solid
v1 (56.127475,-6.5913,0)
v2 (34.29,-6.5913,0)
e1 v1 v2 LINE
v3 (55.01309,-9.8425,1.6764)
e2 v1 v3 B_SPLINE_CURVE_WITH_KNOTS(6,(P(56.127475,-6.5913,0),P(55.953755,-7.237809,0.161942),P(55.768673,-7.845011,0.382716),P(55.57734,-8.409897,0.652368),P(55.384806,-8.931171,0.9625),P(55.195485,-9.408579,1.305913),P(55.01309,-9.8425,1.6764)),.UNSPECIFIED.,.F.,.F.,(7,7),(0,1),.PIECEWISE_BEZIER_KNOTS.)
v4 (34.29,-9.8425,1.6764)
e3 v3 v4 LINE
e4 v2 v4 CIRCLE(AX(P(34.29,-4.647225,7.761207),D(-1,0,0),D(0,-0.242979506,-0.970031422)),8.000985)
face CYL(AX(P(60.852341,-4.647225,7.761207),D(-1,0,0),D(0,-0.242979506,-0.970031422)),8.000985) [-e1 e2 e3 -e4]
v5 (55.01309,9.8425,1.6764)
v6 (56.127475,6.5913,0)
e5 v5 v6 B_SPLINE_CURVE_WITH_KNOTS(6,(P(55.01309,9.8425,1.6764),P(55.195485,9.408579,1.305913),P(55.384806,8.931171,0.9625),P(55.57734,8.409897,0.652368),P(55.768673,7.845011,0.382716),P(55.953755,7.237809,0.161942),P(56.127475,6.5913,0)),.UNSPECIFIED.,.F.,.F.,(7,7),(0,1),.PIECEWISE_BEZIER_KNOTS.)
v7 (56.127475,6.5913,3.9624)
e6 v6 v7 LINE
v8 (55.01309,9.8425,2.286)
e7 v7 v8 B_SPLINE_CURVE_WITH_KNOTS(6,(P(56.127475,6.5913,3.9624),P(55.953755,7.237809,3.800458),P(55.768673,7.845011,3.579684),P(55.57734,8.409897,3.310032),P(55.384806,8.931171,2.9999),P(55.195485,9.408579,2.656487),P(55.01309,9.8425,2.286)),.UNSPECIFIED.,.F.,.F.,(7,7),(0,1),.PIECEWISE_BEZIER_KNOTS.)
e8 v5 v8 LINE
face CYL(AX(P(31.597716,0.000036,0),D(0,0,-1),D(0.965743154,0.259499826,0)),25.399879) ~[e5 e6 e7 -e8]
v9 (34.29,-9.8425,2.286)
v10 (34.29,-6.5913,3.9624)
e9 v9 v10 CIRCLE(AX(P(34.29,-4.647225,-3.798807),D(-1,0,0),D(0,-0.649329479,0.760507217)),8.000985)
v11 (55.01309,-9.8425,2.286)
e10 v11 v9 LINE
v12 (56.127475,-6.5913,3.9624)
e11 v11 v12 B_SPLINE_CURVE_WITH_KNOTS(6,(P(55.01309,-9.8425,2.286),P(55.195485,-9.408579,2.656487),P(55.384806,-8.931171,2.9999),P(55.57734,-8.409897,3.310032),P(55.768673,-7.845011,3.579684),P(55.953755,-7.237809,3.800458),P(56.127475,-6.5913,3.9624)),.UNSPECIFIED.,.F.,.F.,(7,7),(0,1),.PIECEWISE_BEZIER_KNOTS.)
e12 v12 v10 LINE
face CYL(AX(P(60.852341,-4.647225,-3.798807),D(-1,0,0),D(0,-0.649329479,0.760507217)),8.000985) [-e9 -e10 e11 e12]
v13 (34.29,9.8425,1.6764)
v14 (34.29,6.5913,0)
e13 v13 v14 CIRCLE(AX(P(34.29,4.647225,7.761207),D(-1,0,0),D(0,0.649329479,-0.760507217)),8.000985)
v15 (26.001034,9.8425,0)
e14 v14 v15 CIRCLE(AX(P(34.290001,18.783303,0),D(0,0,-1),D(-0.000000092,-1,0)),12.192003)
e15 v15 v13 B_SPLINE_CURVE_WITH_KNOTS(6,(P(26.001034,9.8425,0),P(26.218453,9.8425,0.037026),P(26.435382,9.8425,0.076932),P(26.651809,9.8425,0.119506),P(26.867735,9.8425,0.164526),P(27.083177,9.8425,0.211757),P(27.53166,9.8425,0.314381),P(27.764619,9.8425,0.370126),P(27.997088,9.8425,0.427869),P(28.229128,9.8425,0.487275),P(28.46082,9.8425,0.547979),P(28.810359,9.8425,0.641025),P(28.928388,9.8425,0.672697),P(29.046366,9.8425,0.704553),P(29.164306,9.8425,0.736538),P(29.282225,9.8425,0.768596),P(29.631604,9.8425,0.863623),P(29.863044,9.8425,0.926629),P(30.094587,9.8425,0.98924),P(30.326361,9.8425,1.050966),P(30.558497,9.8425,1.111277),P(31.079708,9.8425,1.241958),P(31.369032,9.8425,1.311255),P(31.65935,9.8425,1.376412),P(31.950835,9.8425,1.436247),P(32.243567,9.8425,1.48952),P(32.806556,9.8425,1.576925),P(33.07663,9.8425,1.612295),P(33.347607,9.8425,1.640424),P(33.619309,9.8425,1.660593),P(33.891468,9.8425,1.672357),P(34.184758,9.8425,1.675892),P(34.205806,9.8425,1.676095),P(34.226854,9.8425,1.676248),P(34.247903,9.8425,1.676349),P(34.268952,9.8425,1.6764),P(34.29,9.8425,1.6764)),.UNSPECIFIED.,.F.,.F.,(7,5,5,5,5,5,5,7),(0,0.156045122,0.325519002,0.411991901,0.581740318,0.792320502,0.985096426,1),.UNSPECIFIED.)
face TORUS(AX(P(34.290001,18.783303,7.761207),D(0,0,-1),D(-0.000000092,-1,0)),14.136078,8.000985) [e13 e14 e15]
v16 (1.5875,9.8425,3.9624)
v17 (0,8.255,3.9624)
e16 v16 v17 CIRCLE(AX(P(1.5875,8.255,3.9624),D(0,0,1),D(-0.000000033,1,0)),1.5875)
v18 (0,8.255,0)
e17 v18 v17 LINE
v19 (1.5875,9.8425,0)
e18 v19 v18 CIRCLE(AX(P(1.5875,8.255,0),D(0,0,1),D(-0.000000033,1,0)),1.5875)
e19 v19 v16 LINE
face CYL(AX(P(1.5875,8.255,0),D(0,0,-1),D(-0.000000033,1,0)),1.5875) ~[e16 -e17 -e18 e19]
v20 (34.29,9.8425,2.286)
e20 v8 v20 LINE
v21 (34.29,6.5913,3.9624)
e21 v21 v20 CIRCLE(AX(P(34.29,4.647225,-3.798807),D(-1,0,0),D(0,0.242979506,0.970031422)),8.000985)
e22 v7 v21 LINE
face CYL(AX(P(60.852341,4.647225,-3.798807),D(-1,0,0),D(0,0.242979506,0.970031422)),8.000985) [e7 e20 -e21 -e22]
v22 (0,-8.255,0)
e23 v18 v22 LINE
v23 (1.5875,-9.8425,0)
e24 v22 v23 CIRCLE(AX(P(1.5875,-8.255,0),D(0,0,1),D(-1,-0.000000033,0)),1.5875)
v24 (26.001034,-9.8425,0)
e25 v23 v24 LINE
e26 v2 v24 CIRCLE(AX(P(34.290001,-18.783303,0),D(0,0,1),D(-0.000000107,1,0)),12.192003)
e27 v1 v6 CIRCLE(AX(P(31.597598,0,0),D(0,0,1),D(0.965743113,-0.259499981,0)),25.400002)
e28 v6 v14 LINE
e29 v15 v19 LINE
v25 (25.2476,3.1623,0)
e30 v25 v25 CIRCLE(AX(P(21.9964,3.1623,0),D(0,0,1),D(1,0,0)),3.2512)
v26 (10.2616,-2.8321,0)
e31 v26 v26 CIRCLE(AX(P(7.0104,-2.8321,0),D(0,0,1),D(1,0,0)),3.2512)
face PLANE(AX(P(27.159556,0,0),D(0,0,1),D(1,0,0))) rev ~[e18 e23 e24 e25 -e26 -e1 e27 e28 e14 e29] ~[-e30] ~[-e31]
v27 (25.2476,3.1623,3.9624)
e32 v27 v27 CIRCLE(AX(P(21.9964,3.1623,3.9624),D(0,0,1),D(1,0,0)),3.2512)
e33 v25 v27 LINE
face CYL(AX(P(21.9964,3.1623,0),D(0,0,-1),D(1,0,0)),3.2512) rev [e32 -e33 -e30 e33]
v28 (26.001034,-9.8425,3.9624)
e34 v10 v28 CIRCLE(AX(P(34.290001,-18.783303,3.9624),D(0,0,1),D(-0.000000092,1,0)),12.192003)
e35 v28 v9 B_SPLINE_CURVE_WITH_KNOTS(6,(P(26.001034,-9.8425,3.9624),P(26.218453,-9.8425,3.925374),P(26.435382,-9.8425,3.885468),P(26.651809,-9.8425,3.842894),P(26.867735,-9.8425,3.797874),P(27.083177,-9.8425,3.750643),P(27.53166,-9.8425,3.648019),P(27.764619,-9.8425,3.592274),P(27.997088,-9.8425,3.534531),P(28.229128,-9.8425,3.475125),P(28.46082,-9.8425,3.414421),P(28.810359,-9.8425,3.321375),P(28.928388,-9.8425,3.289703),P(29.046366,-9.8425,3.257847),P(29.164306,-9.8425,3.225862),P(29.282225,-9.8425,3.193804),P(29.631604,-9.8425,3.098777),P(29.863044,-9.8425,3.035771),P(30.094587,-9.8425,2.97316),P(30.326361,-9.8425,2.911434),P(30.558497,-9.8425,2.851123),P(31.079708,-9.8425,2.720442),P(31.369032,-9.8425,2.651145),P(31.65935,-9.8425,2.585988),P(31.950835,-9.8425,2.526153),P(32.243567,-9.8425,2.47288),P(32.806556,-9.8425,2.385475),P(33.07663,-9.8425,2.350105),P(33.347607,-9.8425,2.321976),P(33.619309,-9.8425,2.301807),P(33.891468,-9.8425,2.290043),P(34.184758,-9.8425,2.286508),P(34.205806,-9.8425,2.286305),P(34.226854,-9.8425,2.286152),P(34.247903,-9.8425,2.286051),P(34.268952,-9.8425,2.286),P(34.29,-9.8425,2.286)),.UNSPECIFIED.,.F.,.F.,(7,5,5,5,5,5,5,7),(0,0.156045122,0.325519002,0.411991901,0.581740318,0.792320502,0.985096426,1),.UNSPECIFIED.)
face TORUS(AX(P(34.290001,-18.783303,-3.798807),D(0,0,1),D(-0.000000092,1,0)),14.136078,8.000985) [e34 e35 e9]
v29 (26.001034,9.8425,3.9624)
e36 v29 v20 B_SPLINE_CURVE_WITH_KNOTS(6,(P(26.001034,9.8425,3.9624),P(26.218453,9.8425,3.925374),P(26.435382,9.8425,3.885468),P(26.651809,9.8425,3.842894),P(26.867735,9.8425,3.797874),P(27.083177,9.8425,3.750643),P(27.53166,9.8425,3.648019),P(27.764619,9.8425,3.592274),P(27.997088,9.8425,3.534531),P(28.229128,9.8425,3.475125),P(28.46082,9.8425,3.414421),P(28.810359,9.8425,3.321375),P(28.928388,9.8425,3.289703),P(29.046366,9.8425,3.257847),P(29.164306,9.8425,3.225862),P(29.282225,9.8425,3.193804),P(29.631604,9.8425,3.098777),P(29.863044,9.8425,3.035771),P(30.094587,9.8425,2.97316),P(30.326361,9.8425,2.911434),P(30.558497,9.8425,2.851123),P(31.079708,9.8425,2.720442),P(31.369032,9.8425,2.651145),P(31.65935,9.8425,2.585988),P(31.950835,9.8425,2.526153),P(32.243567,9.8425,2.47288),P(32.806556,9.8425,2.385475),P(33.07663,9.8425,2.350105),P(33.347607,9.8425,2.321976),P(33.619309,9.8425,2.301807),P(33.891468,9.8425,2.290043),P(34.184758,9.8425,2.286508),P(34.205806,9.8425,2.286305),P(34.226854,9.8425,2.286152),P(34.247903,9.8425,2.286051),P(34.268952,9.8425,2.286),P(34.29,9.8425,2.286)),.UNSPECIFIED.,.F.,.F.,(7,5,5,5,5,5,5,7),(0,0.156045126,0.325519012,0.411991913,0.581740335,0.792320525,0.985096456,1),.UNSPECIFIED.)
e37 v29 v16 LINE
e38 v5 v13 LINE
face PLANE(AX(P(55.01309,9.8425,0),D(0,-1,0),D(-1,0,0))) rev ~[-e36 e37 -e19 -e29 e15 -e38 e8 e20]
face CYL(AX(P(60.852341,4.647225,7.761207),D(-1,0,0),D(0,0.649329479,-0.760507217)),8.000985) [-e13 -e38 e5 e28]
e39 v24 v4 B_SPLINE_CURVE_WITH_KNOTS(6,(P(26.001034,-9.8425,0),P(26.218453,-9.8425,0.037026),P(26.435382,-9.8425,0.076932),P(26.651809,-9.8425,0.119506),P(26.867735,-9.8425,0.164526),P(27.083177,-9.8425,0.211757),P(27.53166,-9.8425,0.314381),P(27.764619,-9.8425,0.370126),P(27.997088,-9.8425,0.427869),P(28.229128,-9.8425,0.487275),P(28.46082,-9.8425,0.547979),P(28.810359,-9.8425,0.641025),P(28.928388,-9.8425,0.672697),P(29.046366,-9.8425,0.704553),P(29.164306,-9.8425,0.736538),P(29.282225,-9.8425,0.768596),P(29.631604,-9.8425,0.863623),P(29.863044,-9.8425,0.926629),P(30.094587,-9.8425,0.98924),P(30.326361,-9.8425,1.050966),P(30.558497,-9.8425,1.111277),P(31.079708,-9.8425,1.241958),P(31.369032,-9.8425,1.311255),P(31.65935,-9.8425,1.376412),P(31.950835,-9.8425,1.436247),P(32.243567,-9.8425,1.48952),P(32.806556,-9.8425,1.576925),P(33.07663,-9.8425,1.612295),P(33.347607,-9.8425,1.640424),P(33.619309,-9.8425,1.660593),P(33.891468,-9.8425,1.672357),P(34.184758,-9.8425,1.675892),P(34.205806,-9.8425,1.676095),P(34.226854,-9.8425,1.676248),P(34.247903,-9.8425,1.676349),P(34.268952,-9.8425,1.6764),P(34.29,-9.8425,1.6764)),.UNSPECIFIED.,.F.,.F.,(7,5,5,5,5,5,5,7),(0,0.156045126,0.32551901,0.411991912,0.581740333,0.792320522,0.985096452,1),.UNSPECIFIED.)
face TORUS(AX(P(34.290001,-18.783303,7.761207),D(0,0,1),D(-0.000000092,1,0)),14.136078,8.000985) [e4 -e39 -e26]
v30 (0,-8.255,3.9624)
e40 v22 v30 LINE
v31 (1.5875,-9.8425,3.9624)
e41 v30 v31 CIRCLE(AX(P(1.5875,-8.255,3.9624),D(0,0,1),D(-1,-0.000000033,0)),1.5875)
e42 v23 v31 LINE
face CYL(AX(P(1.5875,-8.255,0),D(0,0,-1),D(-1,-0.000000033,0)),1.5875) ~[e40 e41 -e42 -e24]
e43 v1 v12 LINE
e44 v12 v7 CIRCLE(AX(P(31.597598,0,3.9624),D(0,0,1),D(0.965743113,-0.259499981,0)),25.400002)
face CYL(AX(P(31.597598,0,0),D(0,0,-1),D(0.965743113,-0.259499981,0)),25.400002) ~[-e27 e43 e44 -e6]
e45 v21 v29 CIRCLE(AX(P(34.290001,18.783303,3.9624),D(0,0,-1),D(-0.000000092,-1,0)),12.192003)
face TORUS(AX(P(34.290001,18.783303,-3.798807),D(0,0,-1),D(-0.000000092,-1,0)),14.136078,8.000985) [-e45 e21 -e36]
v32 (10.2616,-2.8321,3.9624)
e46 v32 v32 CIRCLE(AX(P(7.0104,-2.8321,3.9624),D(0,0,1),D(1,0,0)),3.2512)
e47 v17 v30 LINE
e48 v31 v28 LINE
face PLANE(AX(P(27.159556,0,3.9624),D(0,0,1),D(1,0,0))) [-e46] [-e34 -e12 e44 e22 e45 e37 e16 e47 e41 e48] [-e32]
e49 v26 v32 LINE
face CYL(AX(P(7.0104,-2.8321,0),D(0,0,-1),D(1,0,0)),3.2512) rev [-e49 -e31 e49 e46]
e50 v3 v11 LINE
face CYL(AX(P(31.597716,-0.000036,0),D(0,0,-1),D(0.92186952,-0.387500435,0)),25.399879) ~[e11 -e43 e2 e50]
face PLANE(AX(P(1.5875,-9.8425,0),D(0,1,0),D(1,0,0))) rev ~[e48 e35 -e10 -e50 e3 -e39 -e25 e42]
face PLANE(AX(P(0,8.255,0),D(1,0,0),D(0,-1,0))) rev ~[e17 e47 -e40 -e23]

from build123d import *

# Parameters (mm, degrees)
F0_R     = 3.2512
F1_DEPTH = 3.9624


with BuildPart() as f1:
    # F0 (on Top) → F1 (new body)
    with BuildSketch(Plane.XY):
        with BuildLine():
            ThreePointArc((1.5875, 9.8425), (0.464968, 9.377532), (0, 8.255))
            Line((0, 8.255), (0, -8.255))
            ThreePointArc((0, -8.255), (0.464968, -9.377532), (1.5875, -9.8425))
            Line((1.5875, -9.8425), (26.001034, -9.8425))
            ThreePointArc((26.001034, -9.8425), (29.838111, -7.433166), (34.29, -6.5913))
            Line((34.29, -6.5913), (56.127475, -6.5913))
            ThreePointArc((56.127475, -6.5913), (56.9976, 0), (56.127475, 6.5913))
            Line((56.127475, 6.5913), (34.29, 6.5913))
            ThreePointArc((34.29, 6.5913), (29.838111, 7.433166), (26.001034, 9.8425))
            Line((26.001034, 9.8425), (1.5875, 9.8425))
        make_face()
        with Locations((7.0104, -2.8321)):
            Circle(F0_R, mode=Mode.SUBTRACT)
        with Locations((21.9964, 3.1623)):
            Circle(F0_R, mode=Mode.SUBTRACT)
        with BuildLine():
            Line((55.01309, 9.8425), (26.001034, 9.8425))
            ThreePointArc((26.001034, 9.8425), (29.838111, 7.433166), (34.29, 6.5913))
            Line((34.29, 6.5913), (56.127475, 6.5913))
            ThreePointArc((56.127475, 6.5913), (55.625336, 8.23577), (55.01309, 9.8425))
        make_face()
        with BuildLine():
            ThreePointArc((34.29, -6.5913), (29.838111, -7.433166), (26.001034, -9.8425))
            Line((26.001034, -9.8425), (55.01309, -9.8425))
            ThreePointArc((55.01309, -9.8425), (55.625336, -8.23577), (56.127475, -6.5913))
            Line((56.127475, -6.5913), (34.29, -6.5913))
        make_face()
    extrude(amount=F1_DEPTH)

    # F4: sweep along a path in F0
    with BuildLine(Plane.XY) as f4_path:
        Line((60.852341, 6.5913), (34.29, 6.5913))
        ThreePointArc((34.29, 6.5913), (29.838111, 7.433166), (26.001034, 9.8425))
    # F3 (on offset) → F4 (sweep, cut)
    with BuildSketch(Plane.YZ.offset(56.9976)):
        with BuildLine():
            Line((13.0175, 1.6764), (9.8425, 1.6764))
            ThreePointArc((9.8425, 1.6764), (8.313989, 0.649906), (6.5913, 0))
            Line((6.5913, 0), (6.5913, -3.175))
            Line((6.5913, -3.175), (13.0175, -3.175))
            Line((13.0175, -3.175), (13.0175, 1.6764))
        make_face()
        with BuildLine():
            ThreePointArc((6.5913, 3.9624), (8.313989, 3.312494), (9.8425, 2.286))
            Line((9.8425, 2.286), (13.0175, 2.286))
            Line((13.0175, 2.286), (13.0175, 7.1374))
            Line((13.0175, 7.1374), (6.5913, 7.1374))
            Line((6.5913, 7.1374), (6.5913, 3.9624))
        make_face()
    sweep(path=f4_path.line, mode=Mode.SUBTRACT)

    # F5: sweep along a path in F0
    with BuildLine(Plane.XY) as f5_path:
        Line((60.852341, -6.5913), (34.29, -6.5913))
        ThreePointArc((34.29, -6.5913), (29.838111, -7.433166), (26.001034, -9.8425))
    # F3 (on offset) → F5 (sweep, cut)
    with BuildSketch(Plane.YZ.offset(56.9976)):
        with BuildLine():
            Line((-6.5913, -3.175), (-6.5913, 0))
            ThreePointArc((-6.5913, 0), (-8.313989, 0.649906), (-9.8425, 1.6764))
            Line((-9.8425, 1.6764), (-13.02766, 1.6764))
            Line((-13.02766, 1.6764), (-13.02766, -3.175))
            Line((-13.02766, -3.175), (-6.5913, -3.175))
        make_face()
        with BuildLine():
            ThreePointArc((-9.8425, 2.286), (-8.313989, 3.312494), (-6.5913, 3.9624))
            Line((-6.5913, 3.9624), (-6.5913, 7.1374))
            Line((-6.5913, 7.1374), (-13.02766, 7.1374))
            Line((-13.02766, 7.1374), (-13.02766, 2.286))
            Line((-13.02766, 2.286), (-9.8425, 2.286))
        make_face()
    sweep(path=f5_path.line, mode=Mode.SUBTRACT)


solid = f1.part
